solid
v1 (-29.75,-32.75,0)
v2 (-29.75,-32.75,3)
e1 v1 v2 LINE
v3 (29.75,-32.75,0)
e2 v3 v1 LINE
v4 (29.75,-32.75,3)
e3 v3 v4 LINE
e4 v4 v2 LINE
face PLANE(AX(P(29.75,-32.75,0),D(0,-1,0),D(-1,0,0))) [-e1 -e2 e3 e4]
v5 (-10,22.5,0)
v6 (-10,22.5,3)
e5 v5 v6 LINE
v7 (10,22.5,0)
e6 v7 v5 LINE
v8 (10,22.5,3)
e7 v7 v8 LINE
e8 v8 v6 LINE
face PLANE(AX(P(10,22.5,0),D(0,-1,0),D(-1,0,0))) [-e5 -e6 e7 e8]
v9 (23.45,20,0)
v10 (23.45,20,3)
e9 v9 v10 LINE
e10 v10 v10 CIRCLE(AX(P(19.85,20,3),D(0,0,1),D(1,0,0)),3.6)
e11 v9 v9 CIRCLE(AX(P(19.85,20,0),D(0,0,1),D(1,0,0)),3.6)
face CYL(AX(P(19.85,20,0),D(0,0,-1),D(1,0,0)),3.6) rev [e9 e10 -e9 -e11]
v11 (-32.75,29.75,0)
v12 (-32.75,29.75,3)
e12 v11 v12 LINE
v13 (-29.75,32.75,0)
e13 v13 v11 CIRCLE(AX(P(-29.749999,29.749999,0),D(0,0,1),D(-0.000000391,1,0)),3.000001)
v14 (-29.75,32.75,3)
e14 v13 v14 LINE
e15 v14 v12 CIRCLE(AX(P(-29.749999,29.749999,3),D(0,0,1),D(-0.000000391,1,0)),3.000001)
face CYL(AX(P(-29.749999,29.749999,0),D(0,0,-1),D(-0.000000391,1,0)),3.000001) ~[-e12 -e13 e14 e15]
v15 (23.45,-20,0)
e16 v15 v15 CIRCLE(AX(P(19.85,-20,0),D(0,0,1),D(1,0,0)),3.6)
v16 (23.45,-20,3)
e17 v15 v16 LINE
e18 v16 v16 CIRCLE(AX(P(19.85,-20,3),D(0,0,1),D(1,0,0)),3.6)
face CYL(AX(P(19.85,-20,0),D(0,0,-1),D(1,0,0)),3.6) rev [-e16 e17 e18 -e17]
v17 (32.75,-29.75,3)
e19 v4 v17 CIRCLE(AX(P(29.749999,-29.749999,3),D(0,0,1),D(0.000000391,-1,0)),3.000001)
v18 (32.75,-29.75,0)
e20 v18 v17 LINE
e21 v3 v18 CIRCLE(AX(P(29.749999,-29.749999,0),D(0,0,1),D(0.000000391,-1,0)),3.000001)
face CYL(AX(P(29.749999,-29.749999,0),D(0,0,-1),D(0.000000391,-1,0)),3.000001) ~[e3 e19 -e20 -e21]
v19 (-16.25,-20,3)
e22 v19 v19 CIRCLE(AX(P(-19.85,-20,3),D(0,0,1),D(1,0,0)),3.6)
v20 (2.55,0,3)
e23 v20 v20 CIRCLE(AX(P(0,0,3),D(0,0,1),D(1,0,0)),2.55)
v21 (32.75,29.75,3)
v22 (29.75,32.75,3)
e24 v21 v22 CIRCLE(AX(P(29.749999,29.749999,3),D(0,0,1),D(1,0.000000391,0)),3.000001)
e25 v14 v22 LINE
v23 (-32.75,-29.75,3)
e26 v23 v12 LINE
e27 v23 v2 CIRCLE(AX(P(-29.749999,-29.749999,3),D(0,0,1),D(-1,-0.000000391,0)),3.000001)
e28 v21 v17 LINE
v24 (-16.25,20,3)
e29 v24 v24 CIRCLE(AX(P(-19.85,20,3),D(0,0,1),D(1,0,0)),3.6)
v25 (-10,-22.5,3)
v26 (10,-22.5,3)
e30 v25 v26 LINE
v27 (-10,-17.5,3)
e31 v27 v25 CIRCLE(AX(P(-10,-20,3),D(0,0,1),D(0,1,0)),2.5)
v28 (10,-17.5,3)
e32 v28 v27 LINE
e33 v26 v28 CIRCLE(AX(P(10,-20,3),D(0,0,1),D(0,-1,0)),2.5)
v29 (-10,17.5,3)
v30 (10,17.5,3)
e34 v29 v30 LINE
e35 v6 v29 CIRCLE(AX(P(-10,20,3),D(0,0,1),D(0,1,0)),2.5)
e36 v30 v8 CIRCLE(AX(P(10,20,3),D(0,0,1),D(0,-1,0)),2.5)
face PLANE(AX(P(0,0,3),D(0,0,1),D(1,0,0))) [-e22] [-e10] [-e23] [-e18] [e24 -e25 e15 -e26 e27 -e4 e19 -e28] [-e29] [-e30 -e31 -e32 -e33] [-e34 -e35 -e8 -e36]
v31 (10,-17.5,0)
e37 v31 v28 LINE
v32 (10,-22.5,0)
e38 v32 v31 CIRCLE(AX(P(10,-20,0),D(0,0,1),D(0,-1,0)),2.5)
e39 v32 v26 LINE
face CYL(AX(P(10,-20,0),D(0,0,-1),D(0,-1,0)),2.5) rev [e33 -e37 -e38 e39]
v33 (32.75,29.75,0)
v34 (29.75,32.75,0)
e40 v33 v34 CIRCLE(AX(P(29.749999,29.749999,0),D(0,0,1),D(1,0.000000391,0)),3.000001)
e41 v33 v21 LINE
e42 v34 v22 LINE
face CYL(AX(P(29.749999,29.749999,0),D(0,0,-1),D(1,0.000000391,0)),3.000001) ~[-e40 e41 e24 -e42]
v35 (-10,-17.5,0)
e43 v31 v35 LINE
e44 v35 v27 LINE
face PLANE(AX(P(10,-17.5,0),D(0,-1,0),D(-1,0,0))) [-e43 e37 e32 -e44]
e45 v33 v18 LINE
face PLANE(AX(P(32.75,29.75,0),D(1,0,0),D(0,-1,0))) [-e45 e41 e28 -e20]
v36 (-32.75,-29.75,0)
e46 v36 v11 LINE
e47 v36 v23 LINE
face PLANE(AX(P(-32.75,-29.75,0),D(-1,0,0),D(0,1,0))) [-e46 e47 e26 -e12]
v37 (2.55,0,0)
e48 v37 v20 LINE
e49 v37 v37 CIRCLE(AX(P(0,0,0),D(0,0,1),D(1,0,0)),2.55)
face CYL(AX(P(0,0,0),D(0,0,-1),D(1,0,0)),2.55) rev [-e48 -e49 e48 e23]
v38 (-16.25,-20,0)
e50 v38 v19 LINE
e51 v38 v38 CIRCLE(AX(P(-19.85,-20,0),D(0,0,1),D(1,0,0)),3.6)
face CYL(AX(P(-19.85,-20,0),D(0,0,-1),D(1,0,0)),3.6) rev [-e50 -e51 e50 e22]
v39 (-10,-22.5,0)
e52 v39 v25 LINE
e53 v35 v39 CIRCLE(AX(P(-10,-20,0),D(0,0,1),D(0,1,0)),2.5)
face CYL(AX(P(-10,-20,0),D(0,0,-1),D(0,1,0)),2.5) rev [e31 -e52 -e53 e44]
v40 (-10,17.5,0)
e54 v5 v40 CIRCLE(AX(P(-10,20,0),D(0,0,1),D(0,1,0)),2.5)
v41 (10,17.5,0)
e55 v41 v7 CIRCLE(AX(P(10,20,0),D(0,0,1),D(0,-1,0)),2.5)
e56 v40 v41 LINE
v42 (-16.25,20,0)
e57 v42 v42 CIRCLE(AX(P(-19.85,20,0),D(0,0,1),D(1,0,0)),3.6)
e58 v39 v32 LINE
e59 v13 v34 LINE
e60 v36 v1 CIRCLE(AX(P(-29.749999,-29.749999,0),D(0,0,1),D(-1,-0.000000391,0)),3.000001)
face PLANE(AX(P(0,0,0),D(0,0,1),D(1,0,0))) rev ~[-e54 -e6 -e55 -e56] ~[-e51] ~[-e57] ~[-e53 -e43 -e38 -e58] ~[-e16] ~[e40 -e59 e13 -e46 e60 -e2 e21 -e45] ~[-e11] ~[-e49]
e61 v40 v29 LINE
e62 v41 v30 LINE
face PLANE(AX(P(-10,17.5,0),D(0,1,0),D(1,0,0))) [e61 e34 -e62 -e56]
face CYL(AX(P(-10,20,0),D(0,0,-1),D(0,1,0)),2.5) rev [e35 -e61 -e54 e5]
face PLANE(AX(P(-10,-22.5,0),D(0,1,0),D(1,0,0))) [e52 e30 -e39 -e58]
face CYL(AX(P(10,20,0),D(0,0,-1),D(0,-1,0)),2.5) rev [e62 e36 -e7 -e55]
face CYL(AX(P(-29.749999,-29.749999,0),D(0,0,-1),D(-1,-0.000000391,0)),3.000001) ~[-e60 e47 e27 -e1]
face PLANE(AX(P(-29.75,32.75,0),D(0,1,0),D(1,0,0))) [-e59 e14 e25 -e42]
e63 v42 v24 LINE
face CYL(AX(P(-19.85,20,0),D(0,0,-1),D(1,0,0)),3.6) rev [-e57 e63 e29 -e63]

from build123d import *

# Parameters (mm, degrees)
SKETCH_R   = 2.55
SKETCH_R_2 = 3.6
PAD_DEPTH  = 3


with BuildPart() as part:
    # Sketch → Pad (new body)
    with BuildSketch(Plane.XY):
        with BuildLine():
            ThreePointArc((-29.75, 32.75), (-31.87132, 31.87132), (-32.75, 29.75))
            Line((-32.75, -29.75), (-32.75, 29.75))
            ThreePointArc((-32.75, -29.75), (-31.87132, -31.87132), (-29.75, -32.75))
            Line((29.75, -32.75), (-29.75, -32.75))
            ThreePointArc((29.75, -32.75), (31.87132, -31.87132), (32.75, -29.75))
            Line((32.75, 29.75), (32.75, -29.75))
            ThreePointArc((32.75, 29.75), (31.87132, 31.87132), (29.75, 32.75))
            Line((-29.75, 32.75), (29.75, 32.75))
        make_face()
        Circle(SKETCH_R, mode=Mode.SUBTRACT)
        with Locations((-19.85, -20)):
            Circle(SKETCH_R_2, mode=Mode.SUBTRACT)
        with Locations((19.85, -20)):
            Circle(SKETCH_R_2, mode=Mode.SUBTRACT)
        with Locations((19.85, 20)):
            Circle(SKETCH_R_2, mode=Mode.SUBTRACT)
        with Locations((-19.85, 20)):
            Circle(SKETCH_R_2, mode=Mode.SUBTRACT)
        with BuildLine():
            ThreePointArc((-10, -17.5), (-12.5, -20), (-10, -22.5))
            Line((-10, -22.5), (10, -22.5))
            ThreePointArc((10, -22.5), (12.5, -20), (10, -17.5))
            Line((10, -17.5), (-10, -17.5))
        make_face(mode=Mode.SUBTRACT)
        with BuildLine():
            ThreePointArc((-10, 22.5), (-12.5, 20), (-10, 17.5))
            Line((-10, 17.5), (10, 17.5))
            ThreePointArc((10, 17.5), (12.5, 20), (10, 22.5))
            Line((10, 22.5), (-10, 22.5))
        make_face(mode=Mode.SUBTRACT)
    extrude(amount=PAD_DEPTH)


solid = part.part
